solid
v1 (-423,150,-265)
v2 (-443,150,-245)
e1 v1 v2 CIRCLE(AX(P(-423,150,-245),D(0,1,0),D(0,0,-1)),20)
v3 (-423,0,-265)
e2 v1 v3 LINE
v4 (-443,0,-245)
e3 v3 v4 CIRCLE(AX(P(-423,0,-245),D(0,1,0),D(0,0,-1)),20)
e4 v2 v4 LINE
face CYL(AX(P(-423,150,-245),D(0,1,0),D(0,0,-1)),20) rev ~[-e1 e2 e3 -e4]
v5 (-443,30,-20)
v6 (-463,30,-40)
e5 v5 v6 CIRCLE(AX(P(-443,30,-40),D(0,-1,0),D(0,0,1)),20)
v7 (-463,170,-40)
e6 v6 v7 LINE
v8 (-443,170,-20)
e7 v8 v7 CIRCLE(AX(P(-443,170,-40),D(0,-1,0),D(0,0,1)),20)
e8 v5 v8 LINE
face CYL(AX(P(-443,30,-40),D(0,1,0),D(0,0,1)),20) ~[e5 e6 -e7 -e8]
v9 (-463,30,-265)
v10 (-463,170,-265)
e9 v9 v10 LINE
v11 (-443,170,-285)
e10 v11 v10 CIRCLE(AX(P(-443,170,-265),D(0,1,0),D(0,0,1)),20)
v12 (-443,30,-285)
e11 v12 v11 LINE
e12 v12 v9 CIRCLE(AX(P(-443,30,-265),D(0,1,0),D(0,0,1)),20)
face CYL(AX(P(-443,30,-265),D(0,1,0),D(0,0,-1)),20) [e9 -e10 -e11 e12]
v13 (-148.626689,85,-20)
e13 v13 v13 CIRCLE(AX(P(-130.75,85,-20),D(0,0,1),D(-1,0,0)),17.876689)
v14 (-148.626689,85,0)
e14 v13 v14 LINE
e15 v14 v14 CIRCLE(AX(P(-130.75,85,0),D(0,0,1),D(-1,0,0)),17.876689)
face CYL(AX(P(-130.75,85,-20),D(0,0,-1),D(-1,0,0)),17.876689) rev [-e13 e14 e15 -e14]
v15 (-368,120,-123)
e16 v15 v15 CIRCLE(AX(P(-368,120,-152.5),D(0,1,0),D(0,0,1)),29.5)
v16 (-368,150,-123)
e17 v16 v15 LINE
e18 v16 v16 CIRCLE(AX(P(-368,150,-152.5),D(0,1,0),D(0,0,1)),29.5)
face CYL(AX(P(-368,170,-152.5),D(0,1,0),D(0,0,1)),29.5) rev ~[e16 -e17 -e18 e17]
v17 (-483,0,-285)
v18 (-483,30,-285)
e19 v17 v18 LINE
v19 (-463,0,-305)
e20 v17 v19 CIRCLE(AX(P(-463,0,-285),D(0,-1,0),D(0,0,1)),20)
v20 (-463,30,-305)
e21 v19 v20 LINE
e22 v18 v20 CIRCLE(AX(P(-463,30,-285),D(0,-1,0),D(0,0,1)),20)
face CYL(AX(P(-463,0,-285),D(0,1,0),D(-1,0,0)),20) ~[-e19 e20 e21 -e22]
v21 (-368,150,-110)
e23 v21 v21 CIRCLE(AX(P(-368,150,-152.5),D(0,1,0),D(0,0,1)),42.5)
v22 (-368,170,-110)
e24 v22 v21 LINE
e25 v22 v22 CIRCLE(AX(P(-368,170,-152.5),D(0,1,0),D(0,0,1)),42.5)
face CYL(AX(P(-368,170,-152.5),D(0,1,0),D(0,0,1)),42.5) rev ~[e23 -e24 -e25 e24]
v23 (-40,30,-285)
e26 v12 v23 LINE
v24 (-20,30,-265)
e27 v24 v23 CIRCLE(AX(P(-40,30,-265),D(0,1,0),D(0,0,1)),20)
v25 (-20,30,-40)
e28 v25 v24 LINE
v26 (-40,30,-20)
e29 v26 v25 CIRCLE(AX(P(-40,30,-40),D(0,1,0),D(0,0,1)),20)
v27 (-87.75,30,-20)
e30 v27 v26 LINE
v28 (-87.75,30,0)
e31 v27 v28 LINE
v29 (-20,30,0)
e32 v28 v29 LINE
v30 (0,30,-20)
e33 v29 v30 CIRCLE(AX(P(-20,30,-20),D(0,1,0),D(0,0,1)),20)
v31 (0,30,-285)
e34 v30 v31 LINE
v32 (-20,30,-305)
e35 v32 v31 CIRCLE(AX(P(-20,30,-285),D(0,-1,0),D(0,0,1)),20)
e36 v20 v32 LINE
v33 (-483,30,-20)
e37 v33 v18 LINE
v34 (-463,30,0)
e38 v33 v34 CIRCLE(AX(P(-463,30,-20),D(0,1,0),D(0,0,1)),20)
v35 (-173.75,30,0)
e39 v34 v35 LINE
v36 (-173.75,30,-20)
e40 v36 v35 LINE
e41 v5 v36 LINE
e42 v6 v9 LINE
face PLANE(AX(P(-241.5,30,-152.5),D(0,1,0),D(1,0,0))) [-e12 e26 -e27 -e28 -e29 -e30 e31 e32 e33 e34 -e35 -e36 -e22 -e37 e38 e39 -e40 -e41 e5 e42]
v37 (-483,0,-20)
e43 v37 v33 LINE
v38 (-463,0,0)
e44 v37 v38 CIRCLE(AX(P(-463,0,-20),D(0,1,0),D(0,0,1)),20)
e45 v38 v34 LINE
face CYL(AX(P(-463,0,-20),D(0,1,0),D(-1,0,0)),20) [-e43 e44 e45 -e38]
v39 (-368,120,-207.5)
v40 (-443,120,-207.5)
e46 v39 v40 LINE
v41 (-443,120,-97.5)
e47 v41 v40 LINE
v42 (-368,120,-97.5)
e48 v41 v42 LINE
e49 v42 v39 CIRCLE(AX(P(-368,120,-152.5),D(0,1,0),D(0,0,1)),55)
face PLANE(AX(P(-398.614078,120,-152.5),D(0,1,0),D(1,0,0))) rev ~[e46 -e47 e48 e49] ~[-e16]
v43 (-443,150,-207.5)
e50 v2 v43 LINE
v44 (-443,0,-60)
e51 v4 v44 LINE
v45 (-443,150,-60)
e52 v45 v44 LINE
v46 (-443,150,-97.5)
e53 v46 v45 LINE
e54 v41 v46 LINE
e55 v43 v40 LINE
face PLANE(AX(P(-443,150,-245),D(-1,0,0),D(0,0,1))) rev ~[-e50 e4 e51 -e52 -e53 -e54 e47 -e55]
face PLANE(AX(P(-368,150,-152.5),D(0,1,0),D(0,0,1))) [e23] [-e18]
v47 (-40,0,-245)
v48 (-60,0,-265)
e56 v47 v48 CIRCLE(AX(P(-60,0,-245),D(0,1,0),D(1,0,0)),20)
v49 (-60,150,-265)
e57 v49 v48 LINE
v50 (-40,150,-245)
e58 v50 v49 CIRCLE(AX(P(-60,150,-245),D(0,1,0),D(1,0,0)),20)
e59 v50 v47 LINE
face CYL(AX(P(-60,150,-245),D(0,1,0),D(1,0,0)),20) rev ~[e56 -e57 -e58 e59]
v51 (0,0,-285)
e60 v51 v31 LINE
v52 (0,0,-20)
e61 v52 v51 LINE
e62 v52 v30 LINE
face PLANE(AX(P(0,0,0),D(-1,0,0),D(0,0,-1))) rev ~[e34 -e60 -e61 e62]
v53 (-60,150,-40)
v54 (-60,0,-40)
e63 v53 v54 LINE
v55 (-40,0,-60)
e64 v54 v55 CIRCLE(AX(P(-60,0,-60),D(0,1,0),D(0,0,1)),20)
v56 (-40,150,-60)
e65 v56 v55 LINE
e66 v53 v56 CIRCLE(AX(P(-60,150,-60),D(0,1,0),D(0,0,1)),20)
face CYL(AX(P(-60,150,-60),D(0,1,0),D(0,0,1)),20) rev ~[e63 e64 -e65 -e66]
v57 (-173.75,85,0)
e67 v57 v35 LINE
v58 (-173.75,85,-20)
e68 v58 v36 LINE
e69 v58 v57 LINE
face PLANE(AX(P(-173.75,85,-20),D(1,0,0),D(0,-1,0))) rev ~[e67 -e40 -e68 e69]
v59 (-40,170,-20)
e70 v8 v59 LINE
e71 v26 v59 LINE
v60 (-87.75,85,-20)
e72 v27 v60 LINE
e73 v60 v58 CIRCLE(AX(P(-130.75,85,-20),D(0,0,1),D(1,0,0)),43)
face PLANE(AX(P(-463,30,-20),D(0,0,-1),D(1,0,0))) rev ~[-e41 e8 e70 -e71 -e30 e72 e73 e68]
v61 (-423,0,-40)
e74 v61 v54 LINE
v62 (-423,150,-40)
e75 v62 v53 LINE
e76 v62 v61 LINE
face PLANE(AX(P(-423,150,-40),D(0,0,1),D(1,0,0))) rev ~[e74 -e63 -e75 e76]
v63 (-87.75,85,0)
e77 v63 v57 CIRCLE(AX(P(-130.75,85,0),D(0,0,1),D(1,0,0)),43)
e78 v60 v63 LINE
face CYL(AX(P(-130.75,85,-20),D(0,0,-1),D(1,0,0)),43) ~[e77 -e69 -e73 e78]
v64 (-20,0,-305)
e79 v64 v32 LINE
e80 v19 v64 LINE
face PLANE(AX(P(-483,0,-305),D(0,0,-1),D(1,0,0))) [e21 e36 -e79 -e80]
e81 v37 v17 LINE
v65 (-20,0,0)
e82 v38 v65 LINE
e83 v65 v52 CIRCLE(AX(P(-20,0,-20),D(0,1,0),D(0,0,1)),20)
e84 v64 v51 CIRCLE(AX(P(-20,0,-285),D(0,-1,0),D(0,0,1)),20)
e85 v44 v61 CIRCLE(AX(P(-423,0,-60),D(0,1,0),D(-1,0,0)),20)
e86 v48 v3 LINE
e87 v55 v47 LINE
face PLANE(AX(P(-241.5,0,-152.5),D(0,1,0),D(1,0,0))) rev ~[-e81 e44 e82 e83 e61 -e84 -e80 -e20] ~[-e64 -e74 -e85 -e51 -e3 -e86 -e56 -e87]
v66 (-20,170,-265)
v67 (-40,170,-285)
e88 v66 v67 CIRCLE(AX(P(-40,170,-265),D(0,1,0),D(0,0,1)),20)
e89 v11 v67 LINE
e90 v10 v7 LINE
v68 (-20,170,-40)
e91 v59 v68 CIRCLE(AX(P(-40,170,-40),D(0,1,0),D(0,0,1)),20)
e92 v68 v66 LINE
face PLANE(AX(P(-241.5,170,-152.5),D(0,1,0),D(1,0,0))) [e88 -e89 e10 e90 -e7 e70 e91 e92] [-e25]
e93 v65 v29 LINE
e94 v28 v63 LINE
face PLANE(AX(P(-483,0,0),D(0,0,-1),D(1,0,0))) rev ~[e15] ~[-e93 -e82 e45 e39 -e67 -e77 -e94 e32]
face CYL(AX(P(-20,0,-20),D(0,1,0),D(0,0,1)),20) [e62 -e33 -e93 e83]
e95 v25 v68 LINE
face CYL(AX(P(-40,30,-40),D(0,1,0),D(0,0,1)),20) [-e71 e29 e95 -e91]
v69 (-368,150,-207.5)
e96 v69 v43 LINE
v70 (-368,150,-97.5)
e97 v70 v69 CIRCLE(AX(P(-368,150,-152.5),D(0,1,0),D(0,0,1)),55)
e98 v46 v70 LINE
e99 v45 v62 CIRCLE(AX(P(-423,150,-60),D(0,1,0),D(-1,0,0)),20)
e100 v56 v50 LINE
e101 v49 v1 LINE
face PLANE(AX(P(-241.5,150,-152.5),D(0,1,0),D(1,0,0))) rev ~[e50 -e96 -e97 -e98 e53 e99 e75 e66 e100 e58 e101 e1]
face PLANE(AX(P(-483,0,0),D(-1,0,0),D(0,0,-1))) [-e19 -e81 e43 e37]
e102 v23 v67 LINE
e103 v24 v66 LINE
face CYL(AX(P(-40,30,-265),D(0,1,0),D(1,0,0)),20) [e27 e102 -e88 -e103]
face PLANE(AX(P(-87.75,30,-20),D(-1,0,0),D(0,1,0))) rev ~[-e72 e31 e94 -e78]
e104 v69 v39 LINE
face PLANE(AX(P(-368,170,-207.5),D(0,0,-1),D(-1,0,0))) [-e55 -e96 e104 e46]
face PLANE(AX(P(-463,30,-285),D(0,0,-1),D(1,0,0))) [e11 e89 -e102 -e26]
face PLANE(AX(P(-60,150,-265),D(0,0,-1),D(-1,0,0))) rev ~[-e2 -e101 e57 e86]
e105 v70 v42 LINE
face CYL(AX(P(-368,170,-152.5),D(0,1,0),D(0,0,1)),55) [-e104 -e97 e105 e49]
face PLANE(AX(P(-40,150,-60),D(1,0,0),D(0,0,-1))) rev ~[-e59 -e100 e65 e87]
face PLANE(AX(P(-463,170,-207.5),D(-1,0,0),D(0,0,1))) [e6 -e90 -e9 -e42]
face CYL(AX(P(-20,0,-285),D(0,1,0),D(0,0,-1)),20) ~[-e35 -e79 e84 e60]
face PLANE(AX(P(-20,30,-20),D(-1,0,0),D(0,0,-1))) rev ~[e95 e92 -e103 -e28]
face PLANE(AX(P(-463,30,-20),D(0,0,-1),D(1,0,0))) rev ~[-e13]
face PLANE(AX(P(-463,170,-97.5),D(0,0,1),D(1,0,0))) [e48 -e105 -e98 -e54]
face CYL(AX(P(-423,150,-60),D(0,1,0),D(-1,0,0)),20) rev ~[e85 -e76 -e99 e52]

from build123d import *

# Parameters (mm, degrees)
SKETCH_1_W          = 483
SKETCH_1_H          = 305
EXTRUDE_1_DEPTH     = 30
SKETCH_2_W          = 443
SKETCH_2_H          = 265
EXTRUDE_2_DEPTH     = 140
FILLET_2_R          = 20
CUT_EXTRUDE_START   = -20
CUT_EXTRUDE_3_DEPTH = 576.998322145
SKETCH_7_R          = 42.5
SKETCH_7_R_2        = 29.5
EXTRUDE_3_DEPTH     = 50
SKETCH_7_5_R        = 42.5
SKETCH_7_5_R_2      = 29.5
CUT_EXTRUDE_5_DEPTH = 20
SKETCH_7_6_R        = 29.5
CUT_EXTRUDE_6_DEPTH = 40
SKETCH_9_R          = 17.8766886
EXTRUDE_4_DEPTH     = 20


with BuildPart() as part:
    # 草图1 → 凸台-拉伸1 (new body)
    with BuildSketch(Plane(origin=(0, 0, 0), x_dir=(1, 0, 0), z_dir=(0, 1, 0))):
        with Locations((-241.5, 152.5)):
            Rectangle(SKETCH_1_W, SKETCH_1_H)
    extrude(amount=EXTRUDE_1_DEPTH)

    # 草图2 → 凸台-拉伸2 (add)
    with BuildSketch(Plane(origin=(0, 30, 0), x_dir=(1, 0, 0), z_dir=(0, 1, 0))):
        with Locations((-241.5, 152.5)):
            Rectangle(SKETCH_2_W, SKETCH_2_H)
    extrude(amount=EXTRUDE_2_DEPTH)

    # 圆角2
    fillet_2_edges = [part.edges().sort_by_distance(p)[0] for p in [
        (-463, 100, -285),
        (-463, 100, -20),
        (-20, 100, -20),
        (-20, 100, -285),
        (0, 15, 0),
        (-483, 15, 0),
        (-483, 15, -305),
        (0, 15, -305),
    ]]
    fillet(fillet_2_edges, radius=FILLET_2_R)

    # 草图5 → 切除-拉伸3 (cut, through all)
    with BuildSketch(Plane(origin=(0, 170, 0), x_dir=(1, 0, 0), z_dir=(0, 1, 0)).offset(CUT_EXTRUDE_START)):
        with BuildLine():
            Line((-40, 60), (-40, 245))
            ThreePointArc((-40, 245), (-45.857864376, 259.142135624), (-60, 265))
            Line((-60, 265), (-423, 265))
            ThreePointArc((-423, 265), (-437.142135624, 259.142135624), (-443, 245))
            Line((-443, 245), (-443, 60))
            ThreePointArc((-443, 60), (-437.142135624, 45.857864376), (-423, 40))
            Line((-423, 40), (-60, 40))
            ThreePointArc((-60, 40), (-45.857864376, 45.857864376), (-40, 60))
        make_face()
    extrude(amount=-CUT_EXTRUDE_3_DEPTH, mode=Mode.SUBTRACT)

    # 草图7 → 凸台-拉伸3 (add)
    # profile 1 of 2: a face of its own
    with BuildSketch(Plane(origin=(0, 170, 0), x_dir=(1, 0, 0), z_dir=(0, 1, 0))):
        with BuildLine():
            Line((-368, 207.5), (-463, 207.5))
            Line((-463, 207.5), (-463, 97.5))
            Line((-463, 97.5), (-368, 97.5))
            ThreePointArc((-368, 97.5), (-313, 152.5), (-368, 207.5))
        make_face()
        with Locations((-368, 152.5)):
            Circle(SKETCH_7_R, mode=Mode.SUBTRACT)
    # profile 2 of 2: a face of its own
    with BuildSketch(Plane(origin=(0, 170, 0), x_dir=(1, 0, 0), z_dir=(0, 1, 0))):
        with Locations((-368, 152.5)):
            Circle(SKETCH_7_R)
        with Locations(Location((-368, 152.5, 0), (0, 0, 270))):
            Circle(SKETCH_7_R_2, mode=Mode.SUBTRACT)
    extrude(amount=-EXTRUDE_3_DEPTH)

    # 草图7<5> → 切除-拉伸5 (cut)
    with BuildSketch(Plane(origin=(0, 170, 0), x_dir=(1, 0, 0), z_dir=(0, 1, 0))):
        with Locations(Location((-368, 152.5, 0), (0, 0, 270))):
            Circle(SKETCH_7_5_R)
        with Locations(Location((-368, 152.5, 0), (0, 0, 270))):
            Circle(SKETCH_7_5_R_2, mode=Mode.SUBTRACT)
    extrude(amount=-CUT_EXTRUDE_5_DEPTH, mode=Mode.SUBTRACT)


with BuildPart() as cut_extrude_5_piece_1:
    # of the separate pieces the step leaves, piece 1, a body of its own (cut_extrude_5_pieces)
    add(part.part.solids().sort_by_distance((-20, 0, 0))[0])

    # 草图9 → 凸台-拉伸4 (add)
    with BuildSketch(Plane.XY.offset(-20)):
        with BuildLine():
            Line((-87.75, 30), (-87.75, 85))
            ThreePointArc((-87.75, 85), (-130.75, 128), (-173.75, 85))
            Line((-173.75, 85), (-173.75, 30))
            Line((-173.75, 30), (-87.75, 30))
        make_face()
        with Locations(Location((-130.75, 85, 0), (0, 0, 180))):
            Circle(SKETCH_9_R, mode=Mode.SUBTRACT)
    extrude(amount=EXTRUDE_4_DEPTH)


with BuildPart() as cut_extrude_5_piece_2:
    # of the separate pieces the step leaves, piece 2, a body of its own (cut_extrude_5_pieces)
    add(part.part.solids().sort_by_distance((-368, 170, -123))[0])

    # 草图7<6> → 切除-拉伸6 (cut)
    with BuildSketch(Plane(origin=(0, 170, 0), x_dir=(1, 0, 0), z_dir=(0, 1, 0))):
        with Locations(Location((-368, 152.5, 0), (0, 0, 270))):
            Circle(SKETCH_7_6_R)
    extrude(amount=-CUT_EXTRUDE_6_DEPTH, mode=Mode.SUBTRACT)


solid = cut_extrude_5_piece_1.part
